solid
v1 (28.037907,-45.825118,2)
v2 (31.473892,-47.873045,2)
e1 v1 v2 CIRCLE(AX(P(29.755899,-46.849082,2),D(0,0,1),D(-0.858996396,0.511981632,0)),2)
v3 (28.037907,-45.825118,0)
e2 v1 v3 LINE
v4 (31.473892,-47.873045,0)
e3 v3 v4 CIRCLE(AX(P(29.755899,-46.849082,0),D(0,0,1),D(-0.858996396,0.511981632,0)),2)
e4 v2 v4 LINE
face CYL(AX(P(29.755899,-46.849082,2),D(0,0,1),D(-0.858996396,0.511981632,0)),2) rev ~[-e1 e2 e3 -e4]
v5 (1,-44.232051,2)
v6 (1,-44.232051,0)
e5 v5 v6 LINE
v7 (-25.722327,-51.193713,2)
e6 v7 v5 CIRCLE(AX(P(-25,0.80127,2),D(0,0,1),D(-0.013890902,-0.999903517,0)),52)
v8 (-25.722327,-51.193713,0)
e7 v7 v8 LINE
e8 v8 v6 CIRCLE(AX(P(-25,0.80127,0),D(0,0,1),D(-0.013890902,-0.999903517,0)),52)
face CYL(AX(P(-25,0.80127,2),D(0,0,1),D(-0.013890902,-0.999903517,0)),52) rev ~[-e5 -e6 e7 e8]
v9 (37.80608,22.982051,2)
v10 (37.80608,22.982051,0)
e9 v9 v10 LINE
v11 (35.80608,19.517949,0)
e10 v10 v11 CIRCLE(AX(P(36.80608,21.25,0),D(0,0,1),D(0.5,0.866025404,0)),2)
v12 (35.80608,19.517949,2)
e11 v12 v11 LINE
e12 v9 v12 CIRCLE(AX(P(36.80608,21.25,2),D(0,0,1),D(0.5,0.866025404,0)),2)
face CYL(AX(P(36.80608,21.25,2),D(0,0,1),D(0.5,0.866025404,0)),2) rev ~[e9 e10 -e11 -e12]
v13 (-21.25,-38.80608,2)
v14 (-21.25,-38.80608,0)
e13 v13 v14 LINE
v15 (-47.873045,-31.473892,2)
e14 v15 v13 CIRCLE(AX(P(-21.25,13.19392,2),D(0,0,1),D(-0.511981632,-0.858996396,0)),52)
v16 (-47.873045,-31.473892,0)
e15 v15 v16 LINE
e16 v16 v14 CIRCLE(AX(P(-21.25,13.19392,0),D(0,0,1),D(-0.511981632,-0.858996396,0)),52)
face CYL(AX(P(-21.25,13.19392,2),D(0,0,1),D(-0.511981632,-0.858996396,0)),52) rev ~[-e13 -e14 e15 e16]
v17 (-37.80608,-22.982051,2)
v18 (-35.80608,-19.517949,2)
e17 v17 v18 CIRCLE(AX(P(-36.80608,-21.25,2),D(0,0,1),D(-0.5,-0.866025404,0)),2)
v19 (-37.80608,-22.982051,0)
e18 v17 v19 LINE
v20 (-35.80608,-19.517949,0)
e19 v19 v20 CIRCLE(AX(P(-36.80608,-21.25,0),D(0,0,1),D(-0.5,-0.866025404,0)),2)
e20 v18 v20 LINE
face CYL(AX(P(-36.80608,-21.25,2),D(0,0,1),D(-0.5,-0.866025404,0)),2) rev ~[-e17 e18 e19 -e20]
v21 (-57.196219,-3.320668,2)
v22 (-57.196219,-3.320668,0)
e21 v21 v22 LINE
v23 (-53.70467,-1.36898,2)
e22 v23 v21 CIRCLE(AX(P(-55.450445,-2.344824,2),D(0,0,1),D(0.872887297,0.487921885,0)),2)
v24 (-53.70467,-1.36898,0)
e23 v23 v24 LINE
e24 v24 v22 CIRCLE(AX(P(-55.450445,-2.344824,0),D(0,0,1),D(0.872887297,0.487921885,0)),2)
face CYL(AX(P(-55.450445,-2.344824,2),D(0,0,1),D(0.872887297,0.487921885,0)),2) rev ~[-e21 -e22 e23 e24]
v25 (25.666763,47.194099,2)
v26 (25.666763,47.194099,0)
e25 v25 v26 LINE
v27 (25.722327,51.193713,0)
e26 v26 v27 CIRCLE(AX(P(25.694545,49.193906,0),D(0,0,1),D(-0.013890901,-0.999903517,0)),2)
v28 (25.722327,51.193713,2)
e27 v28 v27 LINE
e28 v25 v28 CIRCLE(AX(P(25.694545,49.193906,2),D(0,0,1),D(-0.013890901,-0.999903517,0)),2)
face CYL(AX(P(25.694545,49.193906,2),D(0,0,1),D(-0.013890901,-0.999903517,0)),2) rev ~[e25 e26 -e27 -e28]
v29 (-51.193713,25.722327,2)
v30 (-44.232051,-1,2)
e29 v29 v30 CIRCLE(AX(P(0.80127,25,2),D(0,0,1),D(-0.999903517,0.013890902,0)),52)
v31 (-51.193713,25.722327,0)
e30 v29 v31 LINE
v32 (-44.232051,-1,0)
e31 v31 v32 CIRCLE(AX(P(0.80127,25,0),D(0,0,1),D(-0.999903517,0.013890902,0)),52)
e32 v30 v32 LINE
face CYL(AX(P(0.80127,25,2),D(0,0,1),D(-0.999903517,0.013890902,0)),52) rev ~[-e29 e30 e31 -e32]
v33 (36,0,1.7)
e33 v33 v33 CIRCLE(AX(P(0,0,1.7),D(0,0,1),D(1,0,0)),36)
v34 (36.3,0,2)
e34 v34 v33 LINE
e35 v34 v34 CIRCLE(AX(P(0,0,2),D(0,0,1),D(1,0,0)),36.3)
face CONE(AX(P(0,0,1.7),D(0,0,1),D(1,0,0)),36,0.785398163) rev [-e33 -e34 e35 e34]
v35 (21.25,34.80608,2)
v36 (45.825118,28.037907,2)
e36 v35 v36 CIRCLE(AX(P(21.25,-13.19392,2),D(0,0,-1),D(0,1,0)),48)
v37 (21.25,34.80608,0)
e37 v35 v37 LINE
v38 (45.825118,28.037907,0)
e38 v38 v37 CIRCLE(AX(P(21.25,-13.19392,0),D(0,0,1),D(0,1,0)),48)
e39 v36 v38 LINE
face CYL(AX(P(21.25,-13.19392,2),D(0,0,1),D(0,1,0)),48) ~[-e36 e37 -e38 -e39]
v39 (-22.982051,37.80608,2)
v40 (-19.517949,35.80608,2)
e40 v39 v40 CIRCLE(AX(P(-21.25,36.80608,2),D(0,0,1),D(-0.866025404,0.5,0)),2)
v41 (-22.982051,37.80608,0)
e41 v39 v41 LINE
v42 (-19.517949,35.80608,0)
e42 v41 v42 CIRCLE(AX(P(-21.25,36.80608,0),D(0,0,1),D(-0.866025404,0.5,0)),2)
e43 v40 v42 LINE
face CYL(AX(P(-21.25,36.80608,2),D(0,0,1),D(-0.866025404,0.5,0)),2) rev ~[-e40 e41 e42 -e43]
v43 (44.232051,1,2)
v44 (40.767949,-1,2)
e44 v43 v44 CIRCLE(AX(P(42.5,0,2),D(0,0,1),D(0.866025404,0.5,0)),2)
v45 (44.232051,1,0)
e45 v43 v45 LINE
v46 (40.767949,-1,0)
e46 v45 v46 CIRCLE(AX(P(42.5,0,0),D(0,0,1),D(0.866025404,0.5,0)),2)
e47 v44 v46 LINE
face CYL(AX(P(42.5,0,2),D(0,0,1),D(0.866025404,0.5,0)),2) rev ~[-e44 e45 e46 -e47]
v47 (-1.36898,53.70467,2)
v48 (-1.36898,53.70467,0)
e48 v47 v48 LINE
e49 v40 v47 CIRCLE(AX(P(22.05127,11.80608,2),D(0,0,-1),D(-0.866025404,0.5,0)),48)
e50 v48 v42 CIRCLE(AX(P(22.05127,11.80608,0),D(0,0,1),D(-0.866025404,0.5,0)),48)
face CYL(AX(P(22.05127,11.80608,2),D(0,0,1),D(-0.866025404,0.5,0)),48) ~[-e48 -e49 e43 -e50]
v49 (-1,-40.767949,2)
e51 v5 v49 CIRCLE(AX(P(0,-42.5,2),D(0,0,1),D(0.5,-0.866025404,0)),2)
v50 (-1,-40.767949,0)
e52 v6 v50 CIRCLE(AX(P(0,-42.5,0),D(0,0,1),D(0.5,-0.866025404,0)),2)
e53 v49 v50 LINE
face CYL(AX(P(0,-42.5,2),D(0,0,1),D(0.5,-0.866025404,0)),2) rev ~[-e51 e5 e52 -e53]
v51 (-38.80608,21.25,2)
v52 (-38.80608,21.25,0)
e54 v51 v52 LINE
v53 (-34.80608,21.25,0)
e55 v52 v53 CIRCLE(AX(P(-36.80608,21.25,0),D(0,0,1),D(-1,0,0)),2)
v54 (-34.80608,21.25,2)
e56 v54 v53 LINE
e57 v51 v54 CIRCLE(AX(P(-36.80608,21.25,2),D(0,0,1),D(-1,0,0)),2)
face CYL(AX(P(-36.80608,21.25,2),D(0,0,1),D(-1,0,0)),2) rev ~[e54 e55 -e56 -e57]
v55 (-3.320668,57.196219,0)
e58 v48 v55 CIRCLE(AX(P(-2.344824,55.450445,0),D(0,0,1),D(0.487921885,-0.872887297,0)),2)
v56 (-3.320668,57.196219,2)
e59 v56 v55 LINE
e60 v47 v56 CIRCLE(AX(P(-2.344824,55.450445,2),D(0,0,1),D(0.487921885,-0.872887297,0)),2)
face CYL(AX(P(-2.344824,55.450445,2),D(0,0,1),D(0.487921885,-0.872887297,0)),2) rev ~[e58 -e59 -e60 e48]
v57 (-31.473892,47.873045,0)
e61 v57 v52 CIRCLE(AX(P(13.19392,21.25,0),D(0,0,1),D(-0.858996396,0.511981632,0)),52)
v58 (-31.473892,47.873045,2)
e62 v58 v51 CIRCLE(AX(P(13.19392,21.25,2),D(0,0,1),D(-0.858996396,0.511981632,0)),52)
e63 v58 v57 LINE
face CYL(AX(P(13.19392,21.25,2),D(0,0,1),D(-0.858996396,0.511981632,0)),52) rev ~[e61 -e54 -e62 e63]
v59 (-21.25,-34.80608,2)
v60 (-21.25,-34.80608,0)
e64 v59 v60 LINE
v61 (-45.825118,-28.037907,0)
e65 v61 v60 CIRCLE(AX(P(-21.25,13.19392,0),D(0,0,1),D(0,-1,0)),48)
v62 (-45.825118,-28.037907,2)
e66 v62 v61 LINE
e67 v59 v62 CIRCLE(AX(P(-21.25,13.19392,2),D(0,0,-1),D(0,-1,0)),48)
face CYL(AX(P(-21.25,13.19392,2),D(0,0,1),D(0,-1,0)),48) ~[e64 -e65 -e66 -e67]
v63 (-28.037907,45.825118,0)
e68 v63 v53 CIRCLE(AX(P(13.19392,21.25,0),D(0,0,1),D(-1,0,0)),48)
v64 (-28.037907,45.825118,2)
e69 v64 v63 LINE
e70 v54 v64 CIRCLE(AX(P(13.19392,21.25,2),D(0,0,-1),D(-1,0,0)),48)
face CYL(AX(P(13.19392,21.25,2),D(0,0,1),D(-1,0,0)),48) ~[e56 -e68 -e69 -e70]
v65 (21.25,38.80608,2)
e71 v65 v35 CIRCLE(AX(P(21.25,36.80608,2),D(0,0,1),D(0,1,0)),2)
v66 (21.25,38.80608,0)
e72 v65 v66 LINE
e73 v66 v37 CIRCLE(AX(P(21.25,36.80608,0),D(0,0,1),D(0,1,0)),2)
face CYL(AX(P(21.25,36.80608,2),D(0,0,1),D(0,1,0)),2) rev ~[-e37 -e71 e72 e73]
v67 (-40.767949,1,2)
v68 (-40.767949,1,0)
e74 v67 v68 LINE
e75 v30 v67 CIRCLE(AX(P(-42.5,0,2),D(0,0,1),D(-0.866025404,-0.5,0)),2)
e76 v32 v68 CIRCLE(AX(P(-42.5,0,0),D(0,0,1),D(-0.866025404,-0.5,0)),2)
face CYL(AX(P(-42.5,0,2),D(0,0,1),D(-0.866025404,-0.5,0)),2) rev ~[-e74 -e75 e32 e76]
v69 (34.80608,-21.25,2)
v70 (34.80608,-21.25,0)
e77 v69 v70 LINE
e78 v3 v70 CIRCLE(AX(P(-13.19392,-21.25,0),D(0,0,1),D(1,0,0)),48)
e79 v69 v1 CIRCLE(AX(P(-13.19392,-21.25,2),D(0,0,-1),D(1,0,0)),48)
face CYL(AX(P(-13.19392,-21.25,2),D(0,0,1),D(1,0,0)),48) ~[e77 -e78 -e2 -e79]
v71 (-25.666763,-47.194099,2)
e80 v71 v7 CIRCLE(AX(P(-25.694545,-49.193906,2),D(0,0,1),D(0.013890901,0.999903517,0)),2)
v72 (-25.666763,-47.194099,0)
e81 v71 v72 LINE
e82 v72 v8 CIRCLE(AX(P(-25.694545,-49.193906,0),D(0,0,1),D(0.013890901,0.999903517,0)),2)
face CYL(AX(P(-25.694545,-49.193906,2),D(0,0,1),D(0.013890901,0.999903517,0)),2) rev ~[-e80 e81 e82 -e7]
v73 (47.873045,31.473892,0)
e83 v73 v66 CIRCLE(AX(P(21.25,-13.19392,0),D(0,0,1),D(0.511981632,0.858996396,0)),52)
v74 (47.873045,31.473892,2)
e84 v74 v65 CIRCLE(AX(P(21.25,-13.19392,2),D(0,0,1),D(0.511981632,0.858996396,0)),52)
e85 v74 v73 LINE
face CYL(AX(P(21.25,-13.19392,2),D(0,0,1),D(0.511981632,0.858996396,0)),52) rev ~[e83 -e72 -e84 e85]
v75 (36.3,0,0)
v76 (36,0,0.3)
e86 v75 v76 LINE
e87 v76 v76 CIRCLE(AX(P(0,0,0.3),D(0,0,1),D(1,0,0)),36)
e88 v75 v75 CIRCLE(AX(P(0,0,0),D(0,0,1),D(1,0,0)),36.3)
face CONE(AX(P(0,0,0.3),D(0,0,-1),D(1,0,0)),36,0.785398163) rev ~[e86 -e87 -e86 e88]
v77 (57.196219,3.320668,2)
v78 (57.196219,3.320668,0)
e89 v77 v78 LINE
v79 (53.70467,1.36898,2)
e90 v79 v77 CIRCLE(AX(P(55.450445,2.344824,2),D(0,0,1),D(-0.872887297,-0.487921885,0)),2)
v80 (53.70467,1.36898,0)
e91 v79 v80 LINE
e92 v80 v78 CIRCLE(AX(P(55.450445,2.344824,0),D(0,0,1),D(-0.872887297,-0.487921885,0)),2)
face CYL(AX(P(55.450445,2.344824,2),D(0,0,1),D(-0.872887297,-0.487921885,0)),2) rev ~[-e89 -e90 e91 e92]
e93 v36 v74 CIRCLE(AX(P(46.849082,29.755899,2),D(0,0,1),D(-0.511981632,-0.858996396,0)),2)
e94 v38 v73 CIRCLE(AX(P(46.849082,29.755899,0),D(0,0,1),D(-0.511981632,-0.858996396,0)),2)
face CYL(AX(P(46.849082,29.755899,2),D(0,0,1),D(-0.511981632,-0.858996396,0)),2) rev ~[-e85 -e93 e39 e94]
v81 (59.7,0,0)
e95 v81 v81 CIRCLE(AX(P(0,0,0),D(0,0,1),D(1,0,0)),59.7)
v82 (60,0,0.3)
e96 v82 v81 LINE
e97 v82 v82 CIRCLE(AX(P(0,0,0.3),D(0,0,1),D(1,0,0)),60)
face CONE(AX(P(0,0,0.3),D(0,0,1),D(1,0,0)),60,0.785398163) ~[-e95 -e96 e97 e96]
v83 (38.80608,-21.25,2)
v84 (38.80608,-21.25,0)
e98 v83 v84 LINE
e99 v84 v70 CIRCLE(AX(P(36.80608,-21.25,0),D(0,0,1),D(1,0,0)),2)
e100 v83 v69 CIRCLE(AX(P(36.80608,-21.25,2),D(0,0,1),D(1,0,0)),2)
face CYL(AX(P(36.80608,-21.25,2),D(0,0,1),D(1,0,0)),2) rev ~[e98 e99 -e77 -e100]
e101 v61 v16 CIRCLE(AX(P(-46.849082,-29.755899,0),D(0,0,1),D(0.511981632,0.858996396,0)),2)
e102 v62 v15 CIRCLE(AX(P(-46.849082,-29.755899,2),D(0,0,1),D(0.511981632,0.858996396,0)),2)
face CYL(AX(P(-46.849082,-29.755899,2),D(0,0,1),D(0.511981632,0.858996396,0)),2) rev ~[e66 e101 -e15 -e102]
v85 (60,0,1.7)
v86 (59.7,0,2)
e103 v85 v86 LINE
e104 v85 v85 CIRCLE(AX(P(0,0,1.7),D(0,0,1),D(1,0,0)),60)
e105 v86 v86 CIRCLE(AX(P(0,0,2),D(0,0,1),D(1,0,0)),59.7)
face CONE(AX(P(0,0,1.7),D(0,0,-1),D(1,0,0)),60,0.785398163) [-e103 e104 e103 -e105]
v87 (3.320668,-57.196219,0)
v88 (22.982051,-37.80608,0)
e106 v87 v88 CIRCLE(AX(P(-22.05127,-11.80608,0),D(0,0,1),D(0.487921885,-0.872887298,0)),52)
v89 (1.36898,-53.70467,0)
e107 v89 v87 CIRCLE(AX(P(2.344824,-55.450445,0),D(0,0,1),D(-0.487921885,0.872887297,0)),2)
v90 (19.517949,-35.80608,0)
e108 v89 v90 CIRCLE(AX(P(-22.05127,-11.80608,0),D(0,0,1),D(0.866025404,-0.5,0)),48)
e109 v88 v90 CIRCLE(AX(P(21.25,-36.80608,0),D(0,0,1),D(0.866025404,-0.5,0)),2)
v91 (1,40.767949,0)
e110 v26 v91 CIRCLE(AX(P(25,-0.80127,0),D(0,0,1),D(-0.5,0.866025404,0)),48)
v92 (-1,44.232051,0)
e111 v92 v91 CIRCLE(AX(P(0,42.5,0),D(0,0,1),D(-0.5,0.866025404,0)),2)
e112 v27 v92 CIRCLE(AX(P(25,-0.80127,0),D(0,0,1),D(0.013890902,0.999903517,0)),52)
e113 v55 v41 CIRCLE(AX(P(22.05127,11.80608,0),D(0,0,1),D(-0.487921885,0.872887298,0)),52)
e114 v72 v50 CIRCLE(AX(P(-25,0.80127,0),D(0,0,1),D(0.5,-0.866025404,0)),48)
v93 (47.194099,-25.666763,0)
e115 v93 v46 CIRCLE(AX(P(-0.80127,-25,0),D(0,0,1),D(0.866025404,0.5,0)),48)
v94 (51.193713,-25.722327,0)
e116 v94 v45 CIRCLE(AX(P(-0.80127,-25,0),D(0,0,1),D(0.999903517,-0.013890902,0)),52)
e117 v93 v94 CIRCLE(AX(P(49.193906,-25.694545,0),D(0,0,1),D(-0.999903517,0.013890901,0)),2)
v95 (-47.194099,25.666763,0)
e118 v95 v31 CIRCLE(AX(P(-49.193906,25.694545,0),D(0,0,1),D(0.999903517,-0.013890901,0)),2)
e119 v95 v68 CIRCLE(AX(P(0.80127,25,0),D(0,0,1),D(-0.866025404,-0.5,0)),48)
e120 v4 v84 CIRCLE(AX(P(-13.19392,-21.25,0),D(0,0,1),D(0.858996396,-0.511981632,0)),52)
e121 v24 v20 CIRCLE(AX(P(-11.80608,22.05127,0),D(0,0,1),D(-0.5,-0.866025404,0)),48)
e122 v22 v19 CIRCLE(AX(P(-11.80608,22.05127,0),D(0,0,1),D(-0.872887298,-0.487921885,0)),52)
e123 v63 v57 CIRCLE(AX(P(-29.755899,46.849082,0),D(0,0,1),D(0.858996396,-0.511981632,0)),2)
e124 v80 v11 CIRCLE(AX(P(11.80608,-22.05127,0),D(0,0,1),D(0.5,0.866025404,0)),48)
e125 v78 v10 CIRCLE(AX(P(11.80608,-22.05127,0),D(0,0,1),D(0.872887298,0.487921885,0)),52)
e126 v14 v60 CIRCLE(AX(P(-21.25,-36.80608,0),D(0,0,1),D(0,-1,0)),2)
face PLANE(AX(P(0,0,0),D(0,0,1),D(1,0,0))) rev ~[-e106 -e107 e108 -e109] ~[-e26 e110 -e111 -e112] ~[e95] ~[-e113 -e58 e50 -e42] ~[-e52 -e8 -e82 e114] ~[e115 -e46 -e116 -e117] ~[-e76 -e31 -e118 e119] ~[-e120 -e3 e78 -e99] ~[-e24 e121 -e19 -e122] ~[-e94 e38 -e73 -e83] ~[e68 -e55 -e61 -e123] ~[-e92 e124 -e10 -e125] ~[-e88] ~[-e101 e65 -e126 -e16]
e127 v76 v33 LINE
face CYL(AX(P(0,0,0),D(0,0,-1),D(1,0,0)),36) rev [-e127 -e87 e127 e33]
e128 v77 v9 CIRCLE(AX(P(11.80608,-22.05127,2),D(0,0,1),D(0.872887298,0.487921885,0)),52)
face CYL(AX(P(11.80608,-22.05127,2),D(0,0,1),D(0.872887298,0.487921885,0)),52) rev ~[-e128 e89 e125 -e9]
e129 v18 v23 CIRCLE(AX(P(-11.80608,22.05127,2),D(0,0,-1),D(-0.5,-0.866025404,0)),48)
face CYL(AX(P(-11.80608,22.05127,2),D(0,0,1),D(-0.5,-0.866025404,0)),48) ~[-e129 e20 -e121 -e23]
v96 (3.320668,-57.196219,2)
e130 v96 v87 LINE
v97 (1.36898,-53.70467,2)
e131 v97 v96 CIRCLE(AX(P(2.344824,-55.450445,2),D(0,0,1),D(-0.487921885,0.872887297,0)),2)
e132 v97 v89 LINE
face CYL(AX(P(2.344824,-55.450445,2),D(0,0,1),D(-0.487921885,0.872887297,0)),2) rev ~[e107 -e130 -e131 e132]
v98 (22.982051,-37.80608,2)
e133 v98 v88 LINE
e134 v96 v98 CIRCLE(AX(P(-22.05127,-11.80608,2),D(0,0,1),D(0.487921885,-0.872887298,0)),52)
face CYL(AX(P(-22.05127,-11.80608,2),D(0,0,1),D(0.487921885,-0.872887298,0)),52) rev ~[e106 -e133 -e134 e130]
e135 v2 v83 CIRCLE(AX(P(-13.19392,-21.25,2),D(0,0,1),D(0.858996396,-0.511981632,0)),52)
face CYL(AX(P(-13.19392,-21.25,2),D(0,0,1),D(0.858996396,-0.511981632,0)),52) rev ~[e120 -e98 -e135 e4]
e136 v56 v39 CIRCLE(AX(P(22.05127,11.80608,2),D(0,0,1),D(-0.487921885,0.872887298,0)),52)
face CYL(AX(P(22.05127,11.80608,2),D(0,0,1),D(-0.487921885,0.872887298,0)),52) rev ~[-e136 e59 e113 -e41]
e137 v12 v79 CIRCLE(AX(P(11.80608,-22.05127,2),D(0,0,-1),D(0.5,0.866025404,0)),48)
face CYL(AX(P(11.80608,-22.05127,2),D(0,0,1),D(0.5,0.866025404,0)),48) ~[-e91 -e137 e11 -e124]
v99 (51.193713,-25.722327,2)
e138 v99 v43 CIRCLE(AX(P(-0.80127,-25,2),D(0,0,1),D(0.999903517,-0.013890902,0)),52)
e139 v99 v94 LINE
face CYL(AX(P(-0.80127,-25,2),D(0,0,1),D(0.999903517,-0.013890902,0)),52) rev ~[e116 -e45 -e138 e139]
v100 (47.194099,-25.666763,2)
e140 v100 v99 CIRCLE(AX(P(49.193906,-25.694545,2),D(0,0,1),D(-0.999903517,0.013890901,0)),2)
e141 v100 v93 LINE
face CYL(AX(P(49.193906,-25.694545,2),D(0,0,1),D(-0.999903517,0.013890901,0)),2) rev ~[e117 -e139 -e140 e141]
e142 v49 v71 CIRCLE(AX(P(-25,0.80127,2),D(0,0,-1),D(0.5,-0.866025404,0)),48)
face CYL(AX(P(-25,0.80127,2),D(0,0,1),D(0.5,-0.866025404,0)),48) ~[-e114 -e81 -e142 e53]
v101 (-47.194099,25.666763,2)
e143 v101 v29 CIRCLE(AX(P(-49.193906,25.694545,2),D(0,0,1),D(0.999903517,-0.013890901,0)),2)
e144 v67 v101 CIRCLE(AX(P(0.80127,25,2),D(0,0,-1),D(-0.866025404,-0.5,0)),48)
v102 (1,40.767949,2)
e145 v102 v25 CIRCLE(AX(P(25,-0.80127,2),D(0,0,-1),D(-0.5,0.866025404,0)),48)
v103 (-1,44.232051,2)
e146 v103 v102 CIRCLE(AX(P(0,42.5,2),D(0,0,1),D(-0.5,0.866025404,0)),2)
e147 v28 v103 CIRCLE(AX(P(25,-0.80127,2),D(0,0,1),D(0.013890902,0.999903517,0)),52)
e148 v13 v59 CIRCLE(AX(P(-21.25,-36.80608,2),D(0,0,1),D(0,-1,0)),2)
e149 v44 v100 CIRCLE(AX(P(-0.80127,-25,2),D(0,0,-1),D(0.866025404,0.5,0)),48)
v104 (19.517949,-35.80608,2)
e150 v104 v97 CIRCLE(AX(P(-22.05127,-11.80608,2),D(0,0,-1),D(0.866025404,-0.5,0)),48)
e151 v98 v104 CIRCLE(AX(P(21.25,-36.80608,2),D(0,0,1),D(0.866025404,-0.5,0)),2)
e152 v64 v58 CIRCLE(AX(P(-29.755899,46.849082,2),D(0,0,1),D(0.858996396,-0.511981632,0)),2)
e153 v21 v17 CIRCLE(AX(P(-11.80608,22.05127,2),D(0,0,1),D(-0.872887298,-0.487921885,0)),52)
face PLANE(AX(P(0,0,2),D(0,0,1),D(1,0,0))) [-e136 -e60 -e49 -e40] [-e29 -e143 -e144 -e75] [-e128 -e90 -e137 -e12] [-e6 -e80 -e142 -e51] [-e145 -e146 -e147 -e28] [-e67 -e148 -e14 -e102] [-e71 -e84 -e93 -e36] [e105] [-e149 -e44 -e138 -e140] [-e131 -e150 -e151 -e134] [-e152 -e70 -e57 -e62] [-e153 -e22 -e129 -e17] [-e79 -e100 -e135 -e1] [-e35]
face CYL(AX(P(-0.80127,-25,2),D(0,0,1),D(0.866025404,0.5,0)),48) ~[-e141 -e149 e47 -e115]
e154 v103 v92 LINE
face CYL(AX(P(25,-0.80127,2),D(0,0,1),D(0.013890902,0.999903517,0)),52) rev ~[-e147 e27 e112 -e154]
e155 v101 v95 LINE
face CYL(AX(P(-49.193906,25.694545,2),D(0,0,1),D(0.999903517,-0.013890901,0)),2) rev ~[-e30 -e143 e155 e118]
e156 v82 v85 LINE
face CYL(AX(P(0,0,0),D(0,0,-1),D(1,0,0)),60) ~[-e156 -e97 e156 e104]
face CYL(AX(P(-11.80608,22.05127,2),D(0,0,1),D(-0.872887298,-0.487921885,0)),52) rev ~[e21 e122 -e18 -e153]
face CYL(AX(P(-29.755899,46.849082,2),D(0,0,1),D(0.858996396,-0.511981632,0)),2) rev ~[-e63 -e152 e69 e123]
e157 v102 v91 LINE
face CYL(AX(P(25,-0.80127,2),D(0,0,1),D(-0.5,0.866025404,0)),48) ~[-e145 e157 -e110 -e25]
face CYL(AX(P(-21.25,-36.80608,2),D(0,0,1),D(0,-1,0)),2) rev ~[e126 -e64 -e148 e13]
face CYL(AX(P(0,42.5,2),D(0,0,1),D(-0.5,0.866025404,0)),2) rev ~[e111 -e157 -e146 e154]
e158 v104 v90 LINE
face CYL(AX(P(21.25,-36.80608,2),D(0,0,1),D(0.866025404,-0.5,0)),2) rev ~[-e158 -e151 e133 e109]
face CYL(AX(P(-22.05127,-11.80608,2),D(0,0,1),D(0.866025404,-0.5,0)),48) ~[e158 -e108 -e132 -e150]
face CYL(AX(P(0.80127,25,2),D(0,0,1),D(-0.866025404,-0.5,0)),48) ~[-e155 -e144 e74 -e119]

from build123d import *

# Parameters (mm, degrees)
SKETCH1_R           = 60
SKETCH1_R_2         = 36
BOSS_EXTRUDE1_DEPTH = 2
CUT_EXTRUDE1_DEPTH  = 85.876380696
CIRPATTERN1_COUNT   = 12
CHAMFER1_SIZE       = 0.3


with BuildPart() as part:
    # Sketch1 → Boss-Extrude1 (new body)
    with BuildSketch(Plane.XY):
        Circle(SKETCH1_R)
        Circle(SKETCH1_R_2, mode=Mode.SUBTRACT)
    extrude(amount=BOSS_EXTRUDE1_DEPTH)

    # Sketch2 → Cut-Extrude1 (cut, through all)
    with BuildSketch(Plane.XY.offset(2)):
        with BuildLine():
            ThreePointArc((25.722326885, 51.193712683), (11.890599802, 49.519139452), (-1, 44.232050808))
            ThreePointArc((-1, 44.232050808), (-1.732050808, 41.5), (1, 40.767949192))
            ThreePointArc((1, 40.767949192), (12.899015202, 45.64833871), (25.666763279, 47.194098616))
            ThreePointArc((25.666763279, 47.194098616), (27.694352115, 49.166123846), (25.722326885, 51.193712683))
        make_face()
    cut_extrude1 = extrude(amount=-CUT_EXTRUDE1_DEPTH, mode=Mode.SUBTRACT)

    # CirPattern1: Cut-Extrude1 ×12 about axis
    cirpattern1_axis = Axis((0, 0, 0), (0, 0, 1))
    for i in range(1, CIRPATTERN1_COUNT):
        add(cut_extrude1.rotate(cirpattern1_axis, i * 360 / CIRPATTERN1_COUNT), mode=Mode.SUBTRACT)

    # Chamfer1
    chamfer1_edges = [part.edges().sort_by_distance(p)[0] for p in [
        (-60, 0, 0),
        (-60, 0, 2),
        (-36, 0, 0),
        (-36, 0, 2),
    ]]
    chamfer(chamfer1_edges, length=CHAMFER1_SIZE)


solid = part.part
